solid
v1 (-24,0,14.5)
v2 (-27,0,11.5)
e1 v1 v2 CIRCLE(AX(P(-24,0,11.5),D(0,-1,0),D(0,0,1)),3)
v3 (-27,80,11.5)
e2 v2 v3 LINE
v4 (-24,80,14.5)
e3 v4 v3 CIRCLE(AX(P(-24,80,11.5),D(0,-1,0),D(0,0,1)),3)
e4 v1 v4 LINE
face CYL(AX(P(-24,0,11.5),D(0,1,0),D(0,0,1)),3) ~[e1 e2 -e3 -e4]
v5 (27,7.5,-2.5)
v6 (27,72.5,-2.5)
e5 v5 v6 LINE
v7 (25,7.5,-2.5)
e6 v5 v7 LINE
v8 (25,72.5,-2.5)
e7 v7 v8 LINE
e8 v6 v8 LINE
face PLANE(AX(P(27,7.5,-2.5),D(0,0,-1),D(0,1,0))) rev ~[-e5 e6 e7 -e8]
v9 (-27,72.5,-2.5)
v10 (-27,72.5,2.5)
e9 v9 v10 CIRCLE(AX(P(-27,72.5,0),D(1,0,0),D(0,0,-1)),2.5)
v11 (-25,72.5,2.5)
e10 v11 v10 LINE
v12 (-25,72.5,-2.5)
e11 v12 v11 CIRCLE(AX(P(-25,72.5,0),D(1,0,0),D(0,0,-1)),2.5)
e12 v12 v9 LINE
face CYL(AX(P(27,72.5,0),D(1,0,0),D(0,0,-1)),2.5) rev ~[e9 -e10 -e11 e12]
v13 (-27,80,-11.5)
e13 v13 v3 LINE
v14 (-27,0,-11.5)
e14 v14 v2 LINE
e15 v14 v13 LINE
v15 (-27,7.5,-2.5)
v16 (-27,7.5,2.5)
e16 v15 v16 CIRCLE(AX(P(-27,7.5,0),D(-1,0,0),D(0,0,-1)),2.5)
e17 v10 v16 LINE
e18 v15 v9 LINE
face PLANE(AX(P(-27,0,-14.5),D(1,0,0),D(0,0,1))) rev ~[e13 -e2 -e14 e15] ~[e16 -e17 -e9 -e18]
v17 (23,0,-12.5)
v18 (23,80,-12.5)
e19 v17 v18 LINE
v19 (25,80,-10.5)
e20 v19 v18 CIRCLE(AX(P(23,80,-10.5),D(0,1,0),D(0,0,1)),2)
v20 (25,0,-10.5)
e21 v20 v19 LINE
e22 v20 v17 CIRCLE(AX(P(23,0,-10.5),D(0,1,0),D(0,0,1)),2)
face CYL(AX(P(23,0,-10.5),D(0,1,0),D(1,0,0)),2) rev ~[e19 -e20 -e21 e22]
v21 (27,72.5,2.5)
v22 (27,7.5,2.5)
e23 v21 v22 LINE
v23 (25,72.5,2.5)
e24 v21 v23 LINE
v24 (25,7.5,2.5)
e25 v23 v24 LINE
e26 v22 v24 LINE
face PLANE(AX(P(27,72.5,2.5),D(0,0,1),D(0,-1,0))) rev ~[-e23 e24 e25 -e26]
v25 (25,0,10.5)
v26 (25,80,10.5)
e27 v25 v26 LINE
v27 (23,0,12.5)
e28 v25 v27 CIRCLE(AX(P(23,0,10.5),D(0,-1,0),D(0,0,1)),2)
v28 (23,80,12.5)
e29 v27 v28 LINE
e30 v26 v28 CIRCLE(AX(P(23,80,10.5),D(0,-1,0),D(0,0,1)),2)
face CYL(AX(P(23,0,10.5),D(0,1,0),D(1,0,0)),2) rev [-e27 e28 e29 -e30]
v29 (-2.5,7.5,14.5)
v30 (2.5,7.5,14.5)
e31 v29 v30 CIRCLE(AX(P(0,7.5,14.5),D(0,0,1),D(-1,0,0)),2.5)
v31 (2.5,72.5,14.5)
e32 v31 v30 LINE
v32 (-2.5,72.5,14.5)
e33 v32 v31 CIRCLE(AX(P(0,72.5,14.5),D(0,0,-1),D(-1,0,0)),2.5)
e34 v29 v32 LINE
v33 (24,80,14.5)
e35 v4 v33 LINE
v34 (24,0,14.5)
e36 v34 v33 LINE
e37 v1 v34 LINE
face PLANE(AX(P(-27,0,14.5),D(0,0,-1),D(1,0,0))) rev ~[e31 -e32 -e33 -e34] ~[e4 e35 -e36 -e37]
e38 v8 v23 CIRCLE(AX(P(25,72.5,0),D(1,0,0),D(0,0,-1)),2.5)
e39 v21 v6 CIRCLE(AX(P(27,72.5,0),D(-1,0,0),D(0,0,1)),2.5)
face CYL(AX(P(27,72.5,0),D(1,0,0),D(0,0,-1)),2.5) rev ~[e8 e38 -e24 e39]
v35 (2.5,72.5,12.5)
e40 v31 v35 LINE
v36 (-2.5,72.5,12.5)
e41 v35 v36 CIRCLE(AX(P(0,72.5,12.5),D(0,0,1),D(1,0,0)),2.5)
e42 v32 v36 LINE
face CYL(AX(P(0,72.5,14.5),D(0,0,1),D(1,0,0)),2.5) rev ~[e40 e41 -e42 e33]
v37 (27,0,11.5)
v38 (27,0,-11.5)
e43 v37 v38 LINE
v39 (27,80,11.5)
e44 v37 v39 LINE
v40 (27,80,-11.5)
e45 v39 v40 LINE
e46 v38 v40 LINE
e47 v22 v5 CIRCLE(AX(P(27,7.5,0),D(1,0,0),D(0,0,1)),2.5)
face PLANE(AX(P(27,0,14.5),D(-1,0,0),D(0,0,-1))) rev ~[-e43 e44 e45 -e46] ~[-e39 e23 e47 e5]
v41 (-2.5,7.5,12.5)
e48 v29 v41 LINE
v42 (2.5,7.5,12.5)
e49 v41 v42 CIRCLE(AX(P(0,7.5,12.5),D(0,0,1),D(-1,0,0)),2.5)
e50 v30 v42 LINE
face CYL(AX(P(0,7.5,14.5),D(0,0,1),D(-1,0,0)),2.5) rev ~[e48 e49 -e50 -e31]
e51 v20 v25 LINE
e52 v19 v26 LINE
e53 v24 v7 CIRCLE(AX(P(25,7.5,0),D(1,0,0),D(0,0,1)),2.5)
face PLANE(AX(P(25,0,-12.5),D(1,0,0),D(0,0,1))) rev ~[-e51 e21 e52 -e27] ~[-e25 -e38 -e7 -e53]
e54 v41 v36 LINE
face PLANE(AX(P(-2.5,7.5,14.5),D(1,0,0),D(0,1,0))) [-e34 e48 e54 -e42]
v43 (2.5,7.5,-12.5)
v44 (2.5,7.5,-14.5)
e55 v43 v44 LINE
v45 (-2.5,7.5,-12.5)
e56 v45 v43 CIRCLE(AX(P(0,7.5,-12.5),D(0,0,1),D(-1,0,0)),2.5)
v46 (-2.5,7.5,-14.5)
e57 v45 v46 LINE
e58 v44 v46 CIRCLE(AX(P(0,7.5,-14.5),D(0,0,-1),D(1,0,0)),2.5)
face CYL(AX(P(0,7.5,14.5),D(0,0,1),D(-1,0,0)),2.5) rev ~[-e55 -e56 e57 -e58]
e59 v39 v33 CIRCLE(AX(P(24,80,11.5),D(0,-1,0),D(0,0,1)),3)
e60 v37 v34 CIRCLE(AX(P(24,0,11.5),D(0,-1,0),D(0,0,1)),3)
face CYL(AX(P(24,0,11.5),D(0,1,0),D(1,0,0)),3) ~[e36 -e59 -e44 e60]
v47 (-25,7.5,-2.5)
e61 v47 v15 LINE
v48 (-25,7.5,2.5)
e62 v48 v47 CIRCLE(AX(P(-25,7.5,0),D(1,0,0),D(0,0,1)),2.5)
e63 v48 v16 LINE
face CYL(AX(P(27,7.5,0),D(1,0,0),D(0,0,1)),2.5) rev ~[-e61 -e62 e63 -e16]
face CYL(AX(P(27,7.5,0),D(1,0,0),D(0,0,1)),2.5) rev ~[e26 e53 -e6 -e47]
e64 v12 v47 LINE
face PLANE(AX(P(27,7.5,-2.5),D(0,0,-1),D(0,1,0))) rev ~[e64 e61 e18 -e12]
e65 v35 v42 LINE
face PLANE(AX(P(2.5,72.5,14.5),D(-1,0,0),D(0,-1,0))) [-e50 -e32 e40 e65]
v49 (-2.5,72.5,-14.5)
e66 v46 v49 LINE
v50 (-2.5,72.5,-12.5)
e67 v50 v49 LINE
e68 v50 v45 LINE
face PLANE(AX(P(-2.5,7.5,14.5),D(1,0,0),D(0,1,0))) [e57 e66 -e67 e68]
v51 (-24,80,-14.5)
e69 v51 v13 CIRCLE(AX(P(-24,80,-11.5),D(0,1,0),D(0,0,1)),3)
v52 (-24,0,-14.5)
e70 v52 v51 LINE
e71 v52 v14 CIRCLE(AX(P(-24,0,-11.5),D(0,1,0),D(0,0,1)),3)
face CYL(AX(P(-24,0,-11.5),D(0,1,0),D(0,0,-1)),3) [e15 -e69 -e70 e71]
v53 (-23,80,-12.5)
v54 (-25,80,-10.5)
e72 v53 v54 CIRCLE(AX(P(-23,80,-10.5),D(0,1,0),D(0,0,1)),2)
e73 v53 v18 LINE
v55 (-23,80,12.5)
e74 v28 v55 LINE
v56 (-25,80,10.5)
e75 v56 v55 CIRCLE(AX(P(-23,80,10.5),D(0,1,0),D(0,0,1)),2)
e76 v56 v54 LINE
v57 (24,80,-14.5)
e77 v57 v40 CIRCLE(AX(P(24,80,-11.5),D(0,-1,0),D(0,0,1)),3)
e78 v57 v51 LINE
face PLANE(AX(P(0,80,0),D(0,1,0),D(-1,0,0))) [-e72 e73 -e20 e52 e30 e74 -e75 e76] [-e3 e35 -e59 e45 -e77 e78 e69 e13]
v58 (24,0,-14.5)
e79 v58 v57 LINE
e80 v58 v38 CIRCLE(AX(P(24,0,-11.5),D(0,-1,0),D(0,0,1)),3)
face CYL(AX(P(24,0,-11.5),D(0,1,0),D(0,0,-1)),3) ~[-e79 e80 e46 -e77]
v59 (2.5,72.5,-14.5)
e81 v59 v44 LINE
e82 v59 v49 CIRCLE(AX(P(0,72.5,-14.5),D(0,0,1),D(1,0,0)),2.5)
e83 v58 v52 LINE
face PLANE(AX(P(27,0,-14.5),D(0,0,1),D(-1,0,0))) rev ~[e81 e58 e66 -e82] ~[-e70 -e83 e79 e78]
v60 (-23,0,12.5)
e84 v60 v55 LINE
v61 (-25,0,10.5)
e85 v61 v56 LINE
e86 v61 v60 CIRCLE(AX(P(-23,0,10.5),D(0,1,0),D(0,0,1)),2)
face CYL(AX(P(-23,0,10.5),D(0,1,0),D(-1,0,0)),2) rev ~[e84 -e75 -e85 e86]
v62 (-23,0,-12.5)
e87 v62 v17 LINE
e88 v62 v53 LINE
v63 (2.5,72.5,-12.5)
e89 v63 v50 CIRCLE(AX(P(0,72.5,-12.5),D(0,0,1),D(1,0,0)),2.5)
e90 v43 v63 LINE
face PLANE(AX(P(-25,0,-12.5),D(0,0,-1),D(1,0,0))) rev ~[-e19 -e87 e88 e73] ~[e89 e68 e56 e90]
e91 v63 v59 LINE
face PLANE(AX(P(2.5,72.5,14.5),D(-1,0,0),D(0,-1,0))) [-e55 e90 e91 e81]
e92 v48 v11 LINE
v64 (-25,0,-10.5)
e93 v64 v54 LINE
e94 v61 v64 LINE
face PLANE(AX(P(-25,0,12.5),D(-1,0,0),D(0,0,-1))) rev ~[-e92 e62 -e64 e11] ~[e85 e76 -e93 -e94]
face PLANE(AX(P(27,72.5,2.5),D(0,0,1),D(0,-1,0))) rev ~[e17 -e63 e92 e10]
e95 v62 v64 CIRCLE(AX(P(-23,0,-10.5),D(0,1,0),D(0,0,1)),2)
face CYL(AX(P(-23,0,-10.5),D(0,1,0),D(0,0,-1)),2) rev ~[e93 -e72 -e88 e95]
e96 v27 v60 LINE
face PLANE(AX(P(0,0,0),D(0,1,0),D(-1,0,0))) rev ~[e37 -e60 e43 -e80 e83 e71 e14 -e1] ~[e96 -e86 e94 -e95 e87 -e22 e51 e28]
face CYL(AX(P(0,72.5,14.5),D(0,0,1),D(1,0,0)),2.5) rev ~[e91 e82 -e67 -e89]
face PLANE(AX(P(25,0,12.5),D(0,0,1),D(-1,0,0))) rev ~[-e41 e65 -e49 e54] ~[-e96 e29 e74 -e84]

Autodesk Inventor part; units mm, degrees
ref_plane "YZ Plane" through (0, 0, 0) normal (1, 0, 0) x (0, 1, 0)
ref_plane "XZ Plane" through (0, 0, 0) normal (0, 1, 0) x (-1, 0, 0)
ref_plane "XY Plane" through (0, 0, 0) normal (0, 0, 1) x (1, 0, 0)
sketch "Sketch1" plane through (0, 0, 0) normal (0, 1, 0) x (-1, 0, 0)
  line L0 (-25, 12.5) -> (25, 12.5)
  line L1 (25, 12.5) -> (25, -12.5)
  line L2 (25, -12.5) -> (-25, -12.5)
  line L3 (-25, -12.5) -> (-25, 12.5)
  line L4 (-25, 12.5) -> (25, -12.5) construction
  line L5 (25, 12.5) -> (-25, -12.5) construction
  line L6 (27, -14.5) -> (27, 14.5)
  line L7 (27, 14.5) -> (-27, 14.5)
  line L8 (-27, 14.5) -> (-27, -14.5)
  line L9 (-27, -14.5) -> (27, -14.5)
  point P0 (0, 0)
  dimension "d0" = 50
  dimension "d1" = 25
  dimension "d2" = 2
extrude "Extrusion1" add sketch "Sketch1" along normal blind 80
sketch "Sketch2" plane through (-27, 0, 14.5) normal (0, 0, 1) x (1, 0, 0)
  line L0 (0, 80) -> (54, 80) projected
  line L1 (27, 80) -> (27, 0)
  line L2 (24.5, 5) -> (24.5, 75)
  line L3 (24.5, 75) -> (29.5, 75)
  line L4 (29.5, 75) -> (29.5, 5)
  line L5 (29.5, 5) -> (24.5, 5)
  line L6 (24.5, 5) -> (29.5, 75) construction
  line L7 (24.5, 75) -> (29.5, 5) construction
  line L8 (0, 0) -> (0, 80) projected
  arc A0 (29.5, 72.5) -> (24.5, 72.5) centre (27, 72.5) ccw
  arc A1 (24.5, 7.5) -> (29.5, 7.5) centre (27, 7.5) ccw
  point P0 (27, 40)
  dimension "d5" = 5
  dimension "d6" = 5
extrude "Extrusion2" cut sketch "Sketch2" against normal up to surface (29 mm away) contours A0 L4 A1 L1 | L1 A1 L2 A0
sketch "Sketch3" plane through (27, 0, 14.5) normal (1, 0, 0) x (0, 0, -1)
  line L0 (0, 80) -> (29, 80) projected
  line L1 (14.5, 80) -> (14.5, 0)
  line L2 (27, 0) -> (2, 0) projected
  line L3 (17, 5) -> (17, 75)
  line L4 (17, 75) -> (12, 75)
  line L5 (12, 75) -> (12, 5)
  line L6 (12, 5) -> (17, 5)
  line L7 (17, 5) -> (12, 75) construction
  line L8 (17, 75) -> (12, 5) construction
  line L9 (0, 0) -> (0, 80) projected
  arc A0 (17, 72.5) -> (12, 72.5) centre (14.5, 72.5) ccw
  arc A1 (12, 7.5) -> (17, 7.5) centre (14.5, 7.5) ccw
  point P0 (14.5, 40)
  dimension "d9" = 5
  dimension "d10" = 5
extrude "Extrusion3" cut sketch "Sketch3" against normal up to surface (54 mm away) contours A0 L3 A1 L1 | L1 A1 L5 A0
fillet "Fillet1" radius 2 4 edges at (-25, 40, -12.5) (-25, 40, 12.5) (25, 40, 12.5) (25, 40, -12.5)
fillet "Fillet2" radius 3 4 edges at (27, 40, 14.5) (27, 40, -14.5) (-27, 40, -14.5) (-27, 40, 14.5)
properties part number "magazine-tower"
